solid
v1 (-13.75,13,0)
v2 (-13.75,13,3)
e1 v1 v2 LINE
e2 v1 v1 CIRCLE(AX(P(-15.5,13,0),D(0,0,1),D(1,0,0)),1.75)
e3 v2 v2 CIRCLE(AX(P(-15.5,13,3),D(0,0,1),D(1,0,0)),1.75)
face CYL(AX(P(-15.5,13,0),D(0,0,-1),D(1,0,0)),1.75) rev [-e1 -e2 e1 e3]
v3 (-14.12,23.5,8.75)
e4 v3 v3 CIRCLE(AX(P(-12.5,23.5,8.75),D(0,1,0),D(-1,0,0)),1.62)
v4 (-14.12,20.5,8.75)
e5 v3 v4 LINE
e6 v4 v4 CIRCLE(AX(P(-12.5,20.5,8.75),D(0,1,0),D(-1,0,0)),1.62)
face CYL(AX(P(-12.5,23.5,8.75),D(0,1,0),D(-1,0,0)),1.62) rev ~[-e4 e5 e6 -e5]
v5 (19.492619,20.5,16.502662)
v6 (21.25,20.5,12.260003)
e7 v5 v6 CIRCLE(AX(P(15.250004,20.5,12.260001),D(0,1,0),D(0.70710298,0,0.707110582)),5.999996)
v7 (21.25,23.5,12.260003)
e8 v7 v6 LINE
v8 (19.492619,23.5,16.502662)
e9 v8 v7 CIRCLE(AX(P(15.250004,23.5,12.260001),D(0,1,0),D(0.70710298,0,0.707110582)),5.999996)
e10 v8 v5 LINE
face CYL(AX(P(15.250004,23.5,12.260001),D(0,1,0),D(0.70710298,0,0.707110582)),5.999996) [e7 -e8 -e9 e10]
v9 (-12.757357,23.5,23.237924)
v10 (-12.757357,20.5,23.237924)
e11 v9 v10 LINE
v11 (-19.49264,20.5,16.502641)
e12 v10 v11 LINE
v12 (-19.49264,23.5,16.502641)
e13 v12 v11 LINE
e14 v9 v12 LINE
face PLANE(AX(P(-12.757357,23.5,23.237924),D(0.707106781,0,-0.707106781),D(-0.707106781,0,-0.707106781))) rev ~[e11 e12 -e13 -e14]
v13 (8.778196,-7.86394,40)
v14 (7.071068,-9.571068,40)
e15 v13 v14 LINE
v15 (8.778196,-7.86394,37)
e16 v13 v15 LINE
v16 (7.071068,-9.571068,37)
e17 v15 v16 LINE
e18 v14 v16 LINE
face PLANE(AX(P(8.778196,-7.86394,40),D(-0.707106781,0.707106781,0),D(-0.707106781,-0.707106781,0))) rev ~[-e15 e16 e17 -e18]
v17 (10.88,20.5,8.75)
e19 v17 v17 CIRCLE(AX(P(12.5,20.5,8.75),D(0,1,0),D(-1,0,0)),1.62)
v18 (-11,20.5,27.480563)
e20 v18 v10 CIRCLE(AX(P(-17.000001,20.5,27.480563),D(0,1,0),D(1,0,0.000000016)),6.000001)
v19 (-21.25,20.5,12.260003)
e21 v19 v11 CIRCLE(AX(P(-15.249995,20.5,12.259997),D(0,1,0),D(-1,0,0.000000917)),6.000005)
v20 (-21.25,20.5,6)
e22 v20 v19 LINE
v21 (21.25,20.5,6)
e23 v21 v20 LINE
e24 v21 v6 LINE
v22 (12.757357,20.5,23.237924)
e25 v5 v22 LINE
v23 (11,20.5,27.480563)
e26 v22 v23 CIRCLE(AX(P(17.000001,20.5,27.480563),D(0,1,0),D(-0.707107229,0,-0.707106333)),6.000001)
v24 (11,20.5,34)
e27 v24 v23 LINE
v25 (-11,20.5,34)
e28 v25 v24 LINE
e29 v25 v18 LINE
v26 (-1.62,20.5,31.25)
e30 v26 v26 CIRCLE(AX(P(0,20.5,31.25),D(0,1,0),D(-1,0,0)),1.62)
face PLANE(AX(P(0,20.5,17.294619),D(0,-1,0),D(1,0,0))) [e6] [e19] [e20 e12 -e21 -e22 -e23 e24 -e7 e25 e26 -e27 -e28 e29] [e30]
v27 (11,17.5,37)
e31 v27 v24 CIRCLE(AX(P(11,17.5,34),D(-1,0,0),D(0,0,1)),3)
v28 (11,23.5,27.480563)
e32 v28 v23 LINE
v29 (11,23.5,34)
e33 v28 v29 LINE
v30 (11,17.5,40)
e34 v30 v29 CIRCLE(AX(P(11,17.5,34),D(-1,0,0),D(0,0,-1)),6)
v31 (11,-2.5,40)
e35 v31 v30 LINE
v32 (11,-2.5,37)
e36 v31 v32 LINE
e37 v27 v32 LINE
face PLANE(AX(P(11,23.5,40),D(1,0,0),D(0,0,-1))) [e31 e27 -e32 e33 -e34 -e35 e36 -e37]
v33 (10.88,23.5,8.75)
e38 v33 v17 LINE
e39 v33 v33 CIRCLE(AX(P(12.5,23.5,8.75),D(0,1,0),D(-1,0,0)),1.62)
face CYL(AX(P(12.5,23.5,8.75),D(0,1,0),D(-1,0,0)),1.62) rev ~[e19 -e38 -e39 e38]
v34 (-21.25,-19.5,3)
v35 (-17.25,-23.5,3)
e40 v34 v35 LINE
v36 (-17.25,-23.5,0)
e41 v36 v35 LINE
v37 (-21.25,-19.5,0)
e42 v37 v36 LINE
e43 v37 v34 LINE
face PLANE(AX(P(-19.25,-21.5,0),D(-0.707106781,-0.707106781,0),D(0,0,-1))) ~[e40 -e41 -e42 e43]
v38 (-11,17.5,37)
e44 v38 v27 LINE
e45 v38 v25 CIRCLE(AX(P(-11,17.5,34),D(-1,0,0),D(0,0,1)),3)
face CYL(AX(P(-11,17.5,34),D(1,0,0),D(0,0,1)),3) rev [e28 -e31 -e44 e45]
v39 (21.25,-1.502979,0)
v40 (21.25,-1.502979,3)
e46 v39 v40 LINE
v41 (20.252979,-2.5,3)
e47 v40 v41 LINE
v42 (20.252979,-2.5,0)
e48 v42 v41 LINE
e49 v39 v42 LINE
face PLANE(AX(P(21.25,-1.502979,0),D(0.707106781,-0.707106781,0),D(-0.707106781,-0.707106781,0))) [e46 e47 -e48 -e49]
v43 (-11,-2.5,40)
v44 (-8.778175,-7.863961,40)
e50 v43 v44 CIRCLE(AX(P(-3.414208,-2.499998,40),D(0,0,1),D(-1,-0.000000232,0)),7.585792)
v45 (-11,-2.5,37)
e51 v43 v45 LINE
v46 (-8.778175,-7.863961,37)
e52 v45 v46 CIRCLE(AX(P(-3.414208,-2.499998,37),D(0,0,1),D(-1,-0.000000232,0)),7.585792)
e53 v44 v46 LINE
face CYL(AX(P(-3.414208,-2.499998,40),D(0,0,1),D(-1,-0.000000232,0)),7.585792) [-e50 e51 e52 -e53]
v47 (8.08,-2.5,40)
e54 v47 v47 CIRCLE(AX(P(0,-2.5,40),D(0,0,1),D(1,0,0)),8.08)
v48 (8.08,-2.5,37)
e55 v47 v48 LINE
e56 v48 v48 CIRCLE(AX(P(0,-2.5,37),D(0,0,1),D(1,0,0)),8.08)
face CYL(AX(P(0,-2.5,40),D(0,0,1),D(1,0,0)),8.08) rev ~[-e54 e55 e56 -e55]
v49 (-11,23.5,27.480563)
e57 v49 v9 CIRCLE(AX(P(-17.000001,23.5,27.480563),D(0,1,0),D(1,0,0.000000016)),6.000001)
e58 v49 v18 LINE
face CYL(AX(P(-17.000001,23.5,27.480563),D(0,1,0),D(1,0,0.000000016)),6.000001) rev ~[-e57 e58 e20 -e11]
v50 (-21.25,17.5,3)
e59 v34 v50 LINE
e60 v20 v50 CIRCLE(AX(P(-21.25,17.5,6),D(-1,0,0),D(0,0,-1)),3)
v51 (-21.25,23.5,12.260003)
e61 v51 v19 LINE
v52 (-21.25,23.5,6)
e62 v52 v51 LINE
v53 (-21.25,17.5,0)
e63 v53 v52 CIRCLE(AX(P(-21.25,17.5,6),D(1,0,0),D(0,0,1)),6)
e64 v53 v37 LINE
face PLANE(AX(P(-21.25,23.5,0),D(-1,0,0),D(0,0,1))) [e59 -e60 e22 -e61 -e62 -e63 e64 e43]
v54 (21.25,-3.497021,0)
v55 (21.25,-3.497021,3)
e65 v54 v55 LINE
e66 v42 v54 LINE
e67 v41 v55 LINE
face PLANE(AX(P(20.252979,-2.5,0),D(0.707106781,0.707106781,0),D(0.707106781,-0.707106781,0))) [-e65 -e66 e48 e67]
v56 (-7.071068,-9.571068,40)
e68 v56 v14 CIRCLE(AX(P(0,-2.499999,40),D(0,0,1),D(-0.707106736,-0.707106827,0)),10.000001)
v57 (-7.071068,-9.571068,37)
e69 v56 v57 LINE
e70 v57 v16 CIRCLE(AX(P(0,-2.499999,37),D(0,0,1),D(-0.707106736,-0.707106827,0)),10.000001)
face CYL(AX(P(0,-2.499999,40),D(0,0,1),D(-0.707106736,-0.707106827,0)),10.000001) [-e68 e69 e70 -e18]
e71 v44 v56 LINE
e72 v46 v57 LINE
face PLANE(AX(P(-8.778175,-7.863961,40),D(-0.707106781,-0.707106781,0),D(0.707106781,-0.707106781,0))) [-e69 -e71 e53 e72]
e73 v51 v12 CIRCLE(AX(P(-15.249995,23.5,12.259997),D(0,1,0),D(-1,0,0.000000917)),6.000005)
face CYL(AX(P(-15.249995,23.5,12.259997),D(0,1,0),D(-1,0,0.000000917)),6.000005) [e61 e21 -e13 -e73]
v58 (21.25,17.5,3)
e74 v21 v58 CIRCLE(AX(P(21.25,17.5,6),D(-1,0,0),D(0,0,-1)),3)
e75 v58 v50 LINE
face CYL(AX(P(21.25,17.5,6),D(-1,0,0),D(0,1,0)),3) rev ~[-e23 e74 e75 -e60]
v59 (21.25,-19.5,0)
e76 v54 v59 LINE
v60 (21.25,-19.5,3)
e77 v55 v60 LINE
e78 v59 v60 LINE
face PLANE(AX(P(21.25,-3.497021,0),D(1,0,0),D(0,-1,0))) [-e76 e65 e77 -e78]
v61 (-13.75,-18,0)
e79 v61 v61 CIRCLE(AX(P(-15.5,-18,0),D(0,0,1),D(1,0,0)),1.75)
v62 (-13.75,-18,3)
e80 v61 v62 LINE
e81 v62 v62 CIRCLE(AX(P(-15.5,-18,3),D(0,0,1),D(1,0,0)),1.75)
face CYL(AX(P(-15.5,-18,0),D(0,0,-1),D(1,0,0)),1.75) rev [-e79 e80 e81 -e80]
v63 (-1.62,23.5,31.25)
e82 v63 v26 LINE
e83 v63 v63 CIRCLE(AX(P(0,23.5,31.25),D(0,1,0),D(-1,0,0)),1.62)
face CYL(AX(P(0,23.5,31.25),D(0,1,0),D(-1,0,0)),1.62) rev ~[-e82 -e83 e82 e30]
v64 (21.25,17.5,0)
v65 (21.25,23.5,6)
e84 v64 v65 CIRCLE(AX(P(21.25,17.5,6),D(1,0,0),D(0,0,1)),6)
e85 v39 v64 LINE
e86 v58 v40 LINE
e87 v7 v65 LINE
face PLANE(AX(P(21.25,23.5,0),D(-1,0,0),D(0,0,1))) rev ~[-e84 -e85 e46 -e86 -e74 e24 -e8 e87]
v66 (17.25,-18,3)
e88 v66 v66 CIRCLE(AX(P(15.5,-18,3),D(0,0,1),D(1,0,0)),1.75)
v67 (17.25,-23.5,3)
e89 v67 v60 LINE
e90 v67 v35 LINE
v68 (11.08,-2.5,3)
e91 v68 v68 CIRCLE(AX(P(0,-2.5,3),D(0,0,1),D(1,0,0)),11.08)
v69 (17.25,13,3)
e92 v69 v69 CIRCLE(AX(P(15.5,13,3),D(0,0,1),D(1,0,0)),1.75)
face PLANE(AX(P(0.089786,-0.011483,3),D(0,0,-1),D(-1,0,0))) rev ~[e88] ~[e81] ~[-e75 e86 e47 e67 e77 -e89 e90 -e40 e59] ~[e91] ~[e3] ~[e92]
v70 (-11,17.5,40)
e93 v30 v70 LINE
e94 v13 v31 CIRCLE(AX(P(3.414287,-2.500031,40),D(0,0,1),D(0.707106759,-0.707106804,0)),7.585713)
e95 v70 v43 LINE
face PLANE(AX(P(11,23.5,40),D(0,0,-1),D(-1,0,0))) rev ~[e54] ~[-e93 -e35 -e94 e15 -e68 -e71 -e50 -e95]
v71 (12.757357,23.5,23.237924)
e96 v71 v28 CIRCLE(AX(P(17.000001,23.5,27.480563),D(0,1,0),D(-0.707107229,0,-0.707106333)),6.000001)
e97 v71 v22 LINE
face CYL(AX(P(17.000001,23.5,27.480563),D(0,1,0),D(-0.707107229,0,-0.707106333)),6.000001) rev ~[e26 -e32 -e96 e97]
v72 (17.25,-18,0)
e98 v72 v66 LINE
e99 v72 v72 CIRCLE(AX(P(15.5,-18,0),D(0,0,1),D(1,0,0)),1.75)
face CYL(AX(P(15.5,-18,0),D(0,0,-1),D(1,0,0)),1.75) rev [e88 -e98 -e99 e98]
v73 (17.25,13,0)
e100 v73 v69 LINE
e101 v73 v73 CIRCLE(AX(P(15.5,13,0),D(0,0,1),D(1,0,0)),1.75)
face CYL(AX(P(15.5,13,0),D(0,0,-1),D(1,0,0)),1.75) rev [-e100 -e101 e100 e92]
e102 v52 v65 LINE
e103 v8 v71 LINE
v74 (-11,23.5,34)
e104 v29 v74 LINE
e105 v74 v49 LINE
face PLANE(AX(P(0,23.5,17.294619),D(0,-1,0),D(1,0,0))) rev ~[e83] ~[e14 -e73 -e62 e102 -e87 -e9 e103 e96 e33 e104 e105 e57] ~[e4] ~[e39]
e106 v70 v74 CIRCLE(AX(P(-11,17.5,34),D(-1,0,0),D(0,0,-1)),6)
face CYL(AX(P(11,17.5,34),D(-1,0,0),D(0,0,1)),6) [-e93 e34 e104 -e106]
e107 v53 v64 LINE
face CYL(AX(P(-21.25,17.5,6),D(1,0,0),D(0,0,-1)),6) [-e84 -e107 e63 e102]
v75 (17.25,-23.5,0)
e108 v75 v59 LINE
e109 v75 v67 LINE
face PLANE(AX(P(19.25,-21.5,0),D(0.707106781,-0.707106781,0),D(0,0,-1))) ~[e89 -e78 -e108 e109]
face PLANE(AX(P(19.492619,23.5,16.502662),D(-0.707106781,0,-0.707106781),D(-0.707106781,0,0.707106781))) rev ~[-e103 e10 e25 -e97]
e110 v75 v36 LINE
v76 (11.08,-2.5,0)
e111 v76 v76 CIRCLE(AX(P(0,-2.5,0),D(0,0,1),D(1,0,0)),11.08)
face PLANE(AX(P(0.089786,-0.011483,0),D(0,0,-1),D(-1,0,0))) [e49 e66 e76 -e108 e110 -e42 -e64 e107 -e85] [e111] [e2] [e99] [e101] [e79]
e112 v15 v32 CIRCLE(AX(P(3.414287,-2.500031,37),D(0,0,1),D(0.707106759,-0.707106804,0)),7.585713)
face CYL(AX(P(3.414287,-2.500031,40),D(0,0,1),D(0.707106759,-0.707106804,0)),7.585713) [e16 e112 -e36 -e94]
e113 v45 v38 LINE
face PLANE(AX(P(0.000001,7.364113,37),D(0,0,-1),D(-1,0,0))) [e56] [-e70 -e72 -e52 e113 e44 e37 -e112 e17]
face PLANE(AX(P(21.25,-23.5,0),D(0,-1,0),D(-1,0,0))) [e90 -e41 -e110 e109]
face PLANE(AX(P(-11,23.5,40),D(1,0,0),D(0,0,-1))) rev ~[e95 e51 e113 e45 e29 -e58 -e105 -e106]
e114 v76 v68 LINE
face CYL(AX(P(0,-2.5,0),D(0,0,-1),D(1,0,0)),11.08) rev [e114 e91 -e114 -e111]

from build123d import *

# Parameters (mm, degrees)
SKETCH_R     = 11.08
SKETCH_R_2   = 1.75
PAD_DEPTH    = 3
CHAMFER_SIZE = 4
SKETCH001_R  = 1.62
PAD001_DEPTH = 3
SKETCH002_R  = 8.08
PAD002_DEPTH = 3
FILLET_R     = 6
FILLET001_R  = 3


with BuildPart() as part:
    # Sketch → Pad (new body)
    with BuildSketch(Plane.XY):
        Polygon((-21.25, 23.5), (21.25, 23.5), (21.25, -1.502979), (20.252979, -2.5), (21.25, -3.497021), (21.25, -23.5), (-21.25, -23.5), align=None)
        with Locations((0, -2.5)):
            Circle(SKETCH_R, mode=Mode.SUBTRACT)
        with Locations((-15.5, -18)):
            Circle(SKETCH_R_2, mode=Mode.SUBTRACT)
        with Locations((15.5, -18)):
            Circle(SKETCH_R_2, mode=Mode.SUBTRACT)
        with Locations((-15.5, 13)):
            Circle(SKETCH_R_2, mode=Mode.SUBTRACT)
        with Locations((15.5, 13)):
            Circle(SKETCH_R_2, mode=Mode.SUBTRACT)
    extrude(amount=PAD_DEPTH)

    # Chamfer
    chamfer_edges = [part.edges().sort_by_distance(p)[0] for p in [
        (21.25, -23.5, 1.5),
        (-21.25, -23.5, 1.5),
    ]]
    chamfer(chamfer_edges, length=CHAMFER_SIZE)

    # Sketch001 → Pad001 (new body)
    with BuildSketch(Plane(origin=(0, 23.5, 0), x_dir=(-1, 0, 0), z_dir=(0, 1, 0))):
        with BuildLine():
            Line((-11, 40), (11, 40))
            Line((11, 40), (11, 27.480563))
            ThreePointArc((11, 27.480563), (11.456722, 25.184464), (12.757357, 23.237924))
            Line((12.757357, 23.237924), (19.49264, 16.502641))
            ThreePointArc((21.25, 12.260003), (20.793276, 14.556102), (19.49264, 16.502641))
            Line((21.25, 0), (21.25, 12.260003))
            Line((-21.25, 0), (21.25, 0))
            Line((-21.25, 0), (-21.25, 12.260003))
            ThreePointArc((-19.492619, 16.502662), (-20.793271, 14.556116), (-21.25, 12.260003))
            Line((-19.492619, 16.502662), (-12.757357, 23.237924))
            ThreePointArc((-12.757357, 23.237924), (-11.456722, 25.184464), (-11, 27.480563))
            Line((-11, 40), (-11, 27.480563))
        make_face()
        with Locations((0, 31.25)):
            Circle(SKETCH001_R, mode=Mode.SUBTRACT)
        with Locations((12.5, 8.75)):
            Circle(SKETCH001_R, mode=Mode.SUBTRACT)
        with Locations((-12.5, 8.75)):
            Circle(SKETCH001_R, mode=Mode.SUBTRACT)
    extrude(amount=-PAD001_DEPTH)

    # Sketch002 → Pad002 (new body)
    with BuildSketch(Plane.XY.offset(40)):
        with BuildLine():
            Line((-11, 23.5), (11, 23.5))
            Line((11, 23.5), (11, -2.5))
            ThreePointArc((8.778196, -7.86394), (10.422578, -5.402943), (11, -2.5))
            Line((8.778196, -7.86394), (7.071068, -9.571068))
            ThreePointArc((-7.071068, -9.571068), (0, -12.5), (7.071068, -9.571068))
            Line((-8.778175, -7.863961), (-7.071068, -9.571068))
            ThreePointArc((-11, -2.5), (-10.422566, -5.402955), (-8.778175, -7.863961))
            Line((-11, -2.5), (-11, 23.5))
        make_face()
        with Locations((0, -2.5)):
            Circle(SKETCH002_R, mode=Mode.SUBTRACT)
    extrude(amount=-PAD002_DEPTH)

    # Fillet
    fillet_edges = [part.edges().sort_by_distance(p)[0] for p in [
        (0, 23.5, 0),
        (0, 23.5, 40),
    ]]
    fillet(fillet_edges, radius=FILLET_R)

    # Fillet001
    fillet001_edges = [part.edges().sort_by_distance(p)[0] for p in [
        (0, 20.5, 3),
        (0, 20.5, 37),
    ]]
    fillet(fillet001_edges, radius=FILLET001_R)


solid = part.part
